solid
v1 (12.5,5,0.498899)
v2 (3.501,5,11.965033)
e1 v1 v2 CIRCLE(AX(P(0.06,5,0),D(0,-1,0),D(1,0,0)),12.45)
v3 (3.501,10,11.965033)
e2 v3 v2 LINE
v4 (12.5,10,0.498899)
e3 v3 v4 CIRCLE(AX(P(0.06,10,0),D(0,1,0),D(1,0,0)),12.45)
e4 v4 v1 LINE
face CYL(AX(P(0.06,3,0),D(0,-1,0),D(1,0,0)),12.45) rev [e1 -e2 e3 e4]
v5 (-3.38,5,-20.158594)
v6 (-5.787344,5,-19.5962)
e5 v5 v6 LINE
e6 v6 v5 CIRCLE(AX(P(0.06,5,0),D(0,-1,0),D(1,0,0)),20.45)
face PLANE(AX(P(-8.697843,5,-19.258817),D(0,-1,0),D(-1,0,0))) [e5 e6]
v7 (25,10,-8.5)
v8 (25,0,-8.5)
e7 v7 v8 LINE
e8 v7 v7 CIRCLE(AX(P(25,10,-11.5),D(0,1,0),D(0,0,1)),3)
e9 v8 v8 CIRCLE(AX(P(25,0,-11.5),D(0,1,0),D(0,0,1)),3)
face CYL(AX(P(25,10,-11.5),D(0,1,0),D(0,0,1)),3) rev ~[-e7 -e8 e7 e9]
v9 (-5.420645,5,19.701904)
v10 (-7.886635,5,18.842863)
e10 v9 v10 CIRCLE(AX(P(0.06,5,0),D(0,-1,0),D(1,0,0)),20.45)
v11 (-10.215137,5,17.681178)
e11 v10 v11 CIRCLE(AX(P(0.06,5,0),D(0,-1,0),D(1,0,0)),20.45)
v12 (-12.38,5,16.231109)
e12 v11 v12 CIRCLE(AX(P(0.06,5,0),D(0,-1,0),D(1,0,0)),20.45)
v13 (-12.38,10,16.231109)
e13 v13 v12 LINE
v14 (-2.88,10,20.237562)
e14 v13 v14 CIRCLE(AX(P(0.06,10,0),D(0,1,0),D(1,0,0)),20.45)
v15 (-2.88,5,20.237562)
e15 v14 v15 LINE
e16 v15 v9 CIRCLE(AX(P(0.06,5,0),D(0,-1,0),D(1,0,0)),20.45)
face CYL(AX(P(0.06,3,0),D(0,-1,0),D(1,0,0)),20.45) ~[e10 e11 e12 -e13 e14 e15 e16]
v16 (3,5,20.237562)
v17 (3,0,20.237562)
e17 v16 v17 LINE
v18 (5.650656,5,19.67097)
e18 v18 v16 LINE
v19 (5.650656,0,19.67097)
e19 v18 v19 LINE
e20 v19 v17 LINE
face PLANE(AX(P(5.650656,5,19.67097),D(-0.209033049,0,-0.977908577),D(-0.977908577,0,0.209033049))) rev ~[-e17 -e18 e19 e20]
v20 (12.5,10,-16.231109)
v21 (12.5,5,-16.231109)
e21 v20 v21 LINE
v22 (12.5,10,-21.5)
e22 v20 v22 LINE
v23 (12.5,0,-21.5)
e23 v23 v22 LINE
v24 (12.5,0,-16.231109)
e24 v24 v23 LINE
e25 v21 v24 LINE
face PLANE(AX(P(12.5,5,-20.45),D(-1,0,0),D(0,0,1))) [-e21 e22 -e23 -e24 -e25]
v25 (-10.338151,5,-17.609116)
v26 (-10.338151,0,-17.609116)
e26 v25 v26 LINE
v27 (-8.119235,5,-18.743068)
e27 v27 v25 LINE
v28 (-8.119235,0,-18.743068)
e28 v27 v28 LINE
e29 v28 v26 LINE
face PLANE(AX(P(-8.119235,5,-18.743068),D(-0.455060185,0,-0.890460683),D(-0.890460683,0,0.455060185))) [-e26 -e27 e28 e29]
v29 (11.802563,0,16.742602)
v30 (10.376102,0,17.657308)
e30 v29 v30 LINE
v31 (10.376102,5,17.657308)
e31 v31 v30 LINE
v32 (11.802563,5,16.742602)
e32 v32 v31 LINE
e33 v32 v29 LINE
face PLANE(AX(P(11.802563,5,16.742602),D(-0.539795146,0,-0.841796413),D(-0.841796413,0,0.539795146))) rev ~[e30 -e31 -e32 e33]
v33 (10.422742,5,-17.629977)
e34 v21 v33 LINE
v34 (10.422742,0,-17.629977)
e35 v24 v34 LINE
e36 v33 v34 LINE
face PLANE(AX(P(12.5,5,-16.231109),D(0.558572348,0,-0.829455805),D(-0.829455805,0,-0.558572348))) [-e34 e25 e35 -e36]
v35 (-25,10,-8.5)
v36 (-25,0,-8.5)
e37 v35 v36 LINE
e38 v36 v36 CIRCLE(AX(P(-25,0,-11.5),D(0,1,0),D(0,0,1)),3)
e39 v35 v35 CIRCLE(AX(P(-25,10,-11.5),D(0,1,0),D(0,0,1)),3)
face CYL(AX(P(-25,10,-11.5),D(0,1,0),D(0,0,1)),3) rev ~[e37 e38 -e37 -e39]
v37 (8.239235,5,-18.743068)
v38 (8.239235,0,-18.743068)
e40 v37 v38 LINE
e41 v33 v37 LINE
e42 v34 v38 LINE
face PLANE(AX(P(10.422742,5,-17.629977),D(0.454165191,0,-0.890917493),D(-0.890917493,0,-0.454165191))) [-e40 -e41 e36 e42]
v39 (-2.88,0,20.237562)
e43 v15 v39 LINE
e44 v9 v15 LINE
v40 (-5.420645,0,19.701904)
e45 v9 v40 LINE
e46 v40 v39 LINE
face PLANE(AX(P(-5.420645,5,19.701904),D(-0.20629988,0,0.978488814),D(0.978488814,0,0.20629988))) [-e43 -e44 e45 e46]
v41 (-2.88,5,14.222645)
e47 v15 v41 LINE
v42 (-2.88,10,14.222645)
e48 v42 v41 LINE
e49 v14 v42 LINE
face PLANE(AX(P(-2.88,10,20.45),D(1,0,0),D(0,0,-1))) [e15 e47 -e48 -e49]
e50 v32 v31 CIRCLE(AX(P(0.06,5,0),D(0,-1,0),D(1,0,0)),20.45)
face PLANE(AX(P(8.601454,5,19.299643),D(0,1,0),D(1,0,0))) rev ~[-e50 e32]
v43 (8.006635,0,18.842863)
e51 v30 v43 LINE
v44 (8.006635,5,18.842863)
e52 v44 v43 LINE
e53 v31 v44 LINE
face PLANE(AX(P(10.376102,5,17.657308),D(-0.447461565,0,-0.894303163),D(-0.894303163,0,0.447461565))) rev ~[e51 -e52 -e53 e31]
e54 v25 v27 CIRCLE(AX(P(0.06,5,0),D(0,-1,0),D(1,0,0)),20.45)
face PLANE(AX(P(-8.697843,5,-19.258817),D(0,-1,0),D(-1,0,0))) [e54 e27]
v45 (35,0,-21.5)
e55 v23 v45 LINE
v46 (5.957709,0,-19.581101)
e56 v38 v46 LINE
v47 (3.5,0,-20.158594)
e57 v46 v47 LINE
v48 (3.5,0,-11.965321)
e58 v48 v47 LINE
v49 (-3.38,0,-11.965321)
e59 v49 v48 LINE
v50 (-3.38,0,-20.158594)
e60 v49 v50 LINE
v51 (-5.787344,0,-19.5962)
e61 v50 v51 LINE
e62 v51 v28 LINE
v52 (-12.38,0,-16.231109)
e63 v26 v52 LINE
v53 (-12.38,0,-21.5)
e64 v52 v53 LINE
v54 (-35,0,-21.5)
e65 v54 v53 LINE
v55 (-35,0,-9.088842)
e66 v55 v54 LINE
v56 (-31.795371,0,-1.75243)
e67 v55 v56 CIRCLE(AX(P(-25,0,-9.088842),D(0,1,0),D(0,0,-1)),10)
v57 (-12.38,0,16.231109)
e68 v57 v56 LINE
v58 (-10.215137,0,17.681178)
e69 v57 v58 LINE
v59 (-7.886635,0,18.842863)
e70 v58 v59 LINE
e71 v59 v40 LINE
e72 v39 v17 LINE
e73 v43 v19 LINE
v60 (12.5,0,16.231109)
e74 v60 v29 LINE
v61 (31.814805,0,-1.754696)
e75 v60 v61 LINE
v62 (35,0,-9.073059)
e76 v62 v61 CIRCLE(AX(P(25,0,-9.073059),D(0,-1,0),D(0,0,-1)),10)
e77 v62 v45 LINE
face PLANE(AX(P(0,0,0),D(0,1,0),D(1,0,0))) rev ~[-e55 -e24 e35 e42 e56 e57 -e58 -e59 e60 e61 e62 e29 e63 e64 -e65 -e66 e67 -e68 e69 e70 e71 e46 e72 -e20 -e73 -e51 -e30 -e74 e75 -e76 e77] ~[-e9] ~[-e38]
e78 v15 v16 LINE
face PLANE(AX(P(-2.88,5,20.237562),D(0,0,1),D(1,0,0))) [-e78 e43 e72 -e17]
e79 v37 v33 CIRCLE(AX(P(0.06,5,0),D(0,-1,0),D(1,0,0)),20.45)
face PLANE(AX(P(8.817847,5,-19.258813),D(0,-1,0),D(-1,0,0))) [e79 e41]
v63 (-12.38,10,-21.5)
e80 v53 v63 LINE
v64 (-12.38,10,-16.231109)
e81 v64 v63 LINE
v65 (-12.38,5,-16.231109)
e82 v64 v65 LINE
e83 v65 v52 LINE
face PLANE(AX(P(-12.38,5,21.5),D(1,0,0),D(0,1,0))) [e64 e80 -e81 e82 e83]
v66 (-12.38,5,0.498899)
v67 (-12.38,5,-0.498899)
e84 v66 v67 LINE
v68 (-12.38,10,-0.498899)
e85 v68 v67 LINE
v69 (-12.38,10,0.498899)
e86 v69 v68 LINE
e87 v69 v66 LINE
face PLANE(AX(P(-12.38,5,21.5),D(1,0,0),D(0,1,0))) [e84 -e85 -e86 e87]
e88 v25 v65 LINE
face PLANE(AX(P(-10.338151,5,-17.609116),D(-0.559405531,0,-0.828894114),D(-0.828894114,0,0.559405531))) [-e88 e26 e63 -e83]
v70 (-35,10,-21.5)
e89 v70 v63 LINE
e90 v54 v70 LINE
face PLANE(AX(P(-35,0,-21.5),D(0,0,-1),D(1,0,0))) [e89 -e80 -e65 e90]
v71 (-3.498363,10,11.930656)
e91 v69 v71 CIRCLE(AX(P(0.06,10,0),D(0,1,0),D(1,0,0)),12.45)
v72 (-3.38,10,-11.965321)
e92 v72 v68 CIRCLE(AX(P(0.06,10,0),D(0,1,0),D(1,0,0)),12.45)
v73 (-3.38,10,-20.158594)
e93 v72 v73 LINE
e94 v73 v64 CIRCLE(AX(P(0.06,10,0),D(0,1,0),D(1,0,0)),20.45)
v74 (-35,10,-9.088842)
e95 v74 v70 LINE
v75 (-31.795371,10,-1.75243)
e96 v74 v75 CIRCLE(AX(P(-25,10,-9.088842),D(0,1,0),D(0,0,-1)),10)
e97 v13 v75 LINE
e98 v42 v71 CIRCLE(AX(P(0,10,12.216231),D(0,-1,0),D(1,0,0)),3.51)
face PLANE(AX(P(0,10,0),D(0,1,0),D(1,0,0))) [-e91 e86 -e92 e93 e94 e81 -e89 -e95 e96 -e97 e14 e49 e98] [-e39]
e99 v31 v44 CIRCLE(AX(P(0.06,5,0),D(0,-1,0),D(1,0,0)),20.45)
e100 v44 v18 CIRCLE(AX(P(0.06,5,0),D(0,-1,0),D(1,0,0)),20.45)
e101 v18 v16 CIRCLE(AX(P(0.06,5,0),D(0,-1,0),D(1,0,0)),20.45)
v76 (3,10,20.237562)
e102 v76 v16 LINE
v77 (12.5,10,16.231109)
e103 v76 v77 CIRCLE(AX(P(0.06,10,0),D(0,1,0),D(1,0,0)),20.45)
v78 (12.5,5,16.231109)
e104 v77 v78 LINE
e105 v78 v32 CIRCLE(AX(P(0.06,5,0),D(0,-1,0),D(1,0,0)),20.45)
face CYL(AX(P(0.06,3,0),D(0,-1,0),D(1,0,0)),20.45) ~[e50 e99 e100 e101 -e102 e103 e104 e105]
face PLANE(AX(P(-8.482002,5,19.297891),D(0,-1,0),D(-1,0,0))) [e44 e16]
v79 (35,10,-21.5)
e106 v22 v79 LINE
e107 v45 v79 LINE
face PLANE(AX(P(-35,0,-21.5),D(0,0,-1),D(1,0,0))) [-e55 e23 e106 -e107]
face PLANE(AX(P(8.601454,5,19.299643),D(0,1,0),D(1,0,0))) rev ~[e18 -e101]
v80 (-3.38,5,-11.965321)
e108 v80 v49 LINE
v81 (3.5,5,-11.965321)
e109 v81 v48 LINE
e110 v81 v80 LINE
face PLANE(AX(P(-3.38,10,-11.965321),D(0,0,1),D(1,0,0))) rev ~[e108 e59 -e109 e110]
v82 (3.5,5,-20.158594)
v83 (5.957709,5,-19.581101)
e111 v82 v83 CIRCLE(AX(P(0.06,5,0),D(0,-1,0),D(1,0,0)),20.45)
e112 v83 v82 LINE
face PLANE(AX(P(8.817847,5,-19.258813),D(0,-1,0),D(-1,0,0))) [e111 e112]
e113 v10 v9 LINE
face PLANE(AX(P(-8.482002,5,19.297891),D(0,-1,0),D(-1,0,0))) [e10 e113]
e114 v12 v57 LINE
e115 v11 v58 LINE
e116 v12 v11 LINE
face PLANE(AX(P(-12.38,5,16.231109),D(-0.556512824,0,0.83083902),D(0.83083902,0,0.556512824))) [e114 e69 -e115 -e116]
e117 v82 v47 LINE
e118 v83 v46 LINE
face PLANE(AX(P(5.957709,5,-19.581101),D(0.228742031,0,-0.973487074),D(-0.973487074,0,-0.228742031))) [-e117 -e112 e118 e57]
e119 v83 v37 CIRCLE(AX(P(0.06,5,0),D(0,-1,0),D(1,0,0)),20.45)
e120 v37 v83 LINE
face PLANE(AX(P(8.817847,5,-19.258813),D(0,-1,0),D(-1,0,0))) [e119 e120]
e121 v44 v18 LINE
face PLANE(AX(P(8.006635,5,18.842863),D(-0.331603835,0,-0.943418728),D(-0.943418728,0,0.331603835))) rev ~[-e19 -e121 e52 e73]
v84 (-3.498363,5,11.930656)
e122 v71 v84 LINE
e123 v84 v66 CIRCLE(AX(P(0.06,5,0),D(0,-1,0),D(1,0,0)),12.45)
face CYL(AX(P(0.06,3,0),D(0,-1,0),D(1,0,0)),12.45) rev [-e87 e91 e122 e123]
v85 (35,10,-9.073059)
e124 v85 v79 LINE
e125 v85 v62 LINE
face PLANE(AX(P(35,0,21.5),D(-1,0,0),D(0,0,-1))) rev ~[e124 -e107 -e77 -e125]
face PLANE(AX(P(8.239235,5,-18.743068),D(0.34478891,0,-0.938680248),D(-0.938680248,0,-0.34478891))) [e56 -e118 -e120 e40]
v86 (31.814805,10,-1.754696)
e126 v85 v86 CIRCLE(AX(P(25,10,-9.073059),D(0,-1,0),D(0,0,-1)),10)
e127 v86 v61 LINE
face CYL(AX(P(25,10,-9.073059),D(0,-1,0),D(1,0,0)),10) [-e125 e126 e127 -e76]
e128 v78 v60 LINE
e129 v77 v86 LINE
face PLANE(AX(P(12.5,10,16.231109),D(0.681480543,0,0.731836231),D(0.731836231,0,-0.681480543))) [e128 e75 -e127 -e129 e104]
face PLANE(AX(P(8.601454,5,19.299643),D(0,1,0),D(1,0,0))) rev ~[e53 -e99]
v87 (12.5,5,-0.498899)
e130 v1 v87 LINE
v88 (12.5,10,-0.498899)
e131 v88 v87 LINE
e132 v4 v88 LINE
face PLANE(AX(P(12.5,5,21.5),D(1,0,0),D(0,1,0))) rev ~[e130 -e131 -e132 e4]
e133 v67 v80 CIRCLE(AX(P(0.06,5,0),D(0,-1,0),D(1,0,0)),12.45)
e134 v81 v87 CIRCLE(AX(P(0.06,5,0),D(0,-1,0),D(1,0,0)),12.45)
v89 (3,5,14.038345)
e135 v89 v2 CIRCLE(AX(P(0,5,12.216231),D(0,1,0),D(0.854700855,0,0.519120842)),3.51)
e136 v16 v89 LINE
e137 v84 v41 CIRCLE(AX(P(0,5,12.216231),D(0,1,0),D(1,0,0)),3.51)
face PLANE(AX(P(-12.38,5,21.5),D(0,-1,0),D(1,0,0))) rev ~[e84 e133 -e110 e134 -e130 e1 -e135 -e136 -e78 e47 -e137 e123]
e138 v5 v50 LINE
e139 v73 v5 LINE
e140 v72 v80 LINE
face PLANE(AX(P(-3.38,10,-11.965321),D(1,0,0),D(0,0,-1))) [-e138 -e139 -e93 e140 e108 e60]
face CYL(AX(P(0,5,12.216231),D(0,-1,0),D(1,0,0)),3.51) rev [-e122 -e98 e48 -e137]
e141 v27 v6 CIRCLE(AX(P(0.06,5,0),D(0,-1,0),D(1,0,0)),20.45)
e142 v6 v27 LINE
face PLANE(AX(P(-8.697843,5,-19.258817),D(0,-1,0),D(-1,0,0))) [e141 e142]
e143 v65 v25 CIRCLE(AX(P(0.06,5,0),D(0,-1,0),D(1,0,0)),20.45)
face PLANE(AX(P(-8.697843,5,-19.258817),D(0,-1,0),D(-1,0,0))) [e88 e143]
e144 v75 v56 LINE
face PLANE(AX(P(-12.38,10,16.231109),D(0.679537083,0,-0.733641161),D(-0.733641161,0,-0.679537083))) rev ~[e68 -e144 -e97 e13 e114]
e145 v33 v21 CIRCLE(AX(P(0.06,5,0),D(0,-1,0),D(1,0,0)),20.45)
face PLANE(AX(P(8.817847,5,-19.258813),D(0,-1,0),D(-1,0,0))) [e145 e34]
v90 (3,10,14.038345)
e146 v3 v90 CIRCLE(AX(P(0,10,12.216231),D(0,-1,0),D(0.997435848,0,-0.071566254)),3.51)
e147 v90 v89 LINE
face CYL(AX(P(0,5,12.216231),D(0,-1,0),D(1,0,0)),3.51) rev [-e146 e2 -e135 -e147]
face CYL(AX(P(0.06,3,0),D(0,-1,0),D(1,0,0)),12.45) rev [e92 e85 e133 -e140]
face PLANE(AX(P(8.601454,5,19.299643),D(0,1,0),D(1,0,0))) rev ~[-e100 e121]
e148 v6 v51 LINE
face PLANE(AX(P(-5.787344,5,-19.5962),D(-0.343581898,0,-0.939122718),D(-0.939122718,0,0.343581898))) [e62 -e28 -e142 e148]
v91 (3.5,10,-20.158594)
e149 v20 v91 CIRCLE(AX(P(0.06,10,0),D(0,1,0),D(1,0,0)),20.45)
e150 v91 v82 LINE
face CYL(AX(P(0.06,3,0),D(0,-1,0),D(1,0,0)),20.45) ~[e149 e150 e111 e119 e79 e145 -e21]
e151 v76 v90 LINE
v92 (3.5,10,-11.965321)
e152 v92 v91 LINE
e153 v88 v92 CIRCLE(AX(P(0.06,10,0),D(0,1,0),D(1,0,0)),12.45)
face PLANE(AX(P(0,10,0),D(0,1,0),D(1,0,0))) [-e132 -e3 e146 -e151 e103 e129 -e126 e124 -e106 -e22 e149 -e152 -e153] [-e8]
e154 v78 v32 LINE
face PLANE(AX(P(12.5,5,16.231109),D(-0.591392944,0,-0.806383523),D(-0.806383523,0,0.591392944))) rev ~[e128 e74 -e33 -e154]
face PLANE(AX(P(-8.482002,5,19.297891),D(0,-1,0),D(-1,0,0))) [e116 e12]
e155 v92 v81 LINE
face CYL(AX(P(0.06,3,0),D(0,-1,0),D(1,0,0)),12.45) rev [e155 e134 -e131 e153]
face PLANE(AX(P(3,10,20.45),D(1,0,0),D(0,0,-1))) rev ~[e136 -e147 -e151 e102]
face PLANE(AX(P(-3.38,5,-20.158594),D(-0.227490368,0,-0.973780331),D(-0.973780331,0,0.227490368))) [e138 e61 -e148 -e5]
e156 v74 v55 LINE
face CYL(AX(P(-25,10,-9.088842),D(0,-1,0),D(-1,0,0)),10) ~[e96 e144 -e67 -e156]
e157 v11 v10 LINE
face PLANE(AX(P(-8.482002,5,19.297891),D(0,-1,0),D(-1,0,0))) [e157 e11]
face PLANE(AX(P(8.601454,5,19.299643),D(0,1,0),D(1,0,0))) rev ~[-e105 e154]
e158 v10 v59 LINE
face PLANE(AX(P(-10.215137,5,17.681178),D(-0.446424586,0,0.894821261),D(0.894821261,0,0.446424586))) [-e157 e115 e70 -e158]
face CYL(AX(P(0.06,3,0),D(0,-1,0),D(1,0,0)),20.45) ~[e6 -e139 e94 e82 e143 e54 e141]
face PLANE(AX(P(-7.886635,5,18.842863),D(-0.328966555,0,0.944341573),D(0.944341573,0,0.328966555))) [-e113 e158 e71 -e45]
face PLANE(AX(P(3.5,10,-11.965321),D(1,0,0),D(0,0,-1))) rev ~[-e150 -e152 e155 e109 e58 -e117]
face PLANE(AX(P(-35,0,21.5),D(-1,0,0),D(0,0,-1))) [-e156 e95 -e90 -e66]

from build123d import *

# Parameters (mm, degrees)
SKETCH_1_W             = 70
SKETCH_1_H             = 43
EXTRUDE_1_DEPTH        = 10
SKETCH_8_W             = 24.88
SKETCH_8_H             = 5
CUT_EXTRUDE_4_DEPTH    = 57.338264084
EXTRUDE_1_2_DEPTH      = 5
EXTRUDE_1_2_DEPTH_BACK = 2
SKETCH_11_R            = 20.45
SKETCH_11_R_2          = 12.45
CUT_EXTRUDE_6_DEPTH    = 5
CUT_EXTRUDE_7_DEPTH    = 5
SKETCH_16_W            = 5.88
SKETCH_16_H            = 11
CUT_EXTRUDE_8_DEPTH    = 5
SKETCH_17_W            = 5.88
SKETCH_17_H            = 8.352111755
CUT_EXTRUDE_9_DEPTH    = 5
CUT_EXTRUDE_10_DEPTH   = 5
CUT_EXTRUDE_11_DEPTH   = 5
SKETCH_21_R            = 3
CUT_EXTRUDE_12_DEPTH   = 43.275879648
SKETCH_22_R            = 3
CUT_EXTRUDE_13_DEPTH   = 43.275879648
SKETCH_24_R            = 3.51
CUT_EXTRUDE_15_DEPTH   = 7
SKETCH_27_W            = 5.88
SKETCH_27_H            = 8.139673367
CUT_EXTRUDE_16_DEPTH   = 7
SKETCH_31_W            = 6.88
SKETCH_31_H            = 8.484679277
CUT_EXTRUDE_21_DEPTH   = 14.5
CUT_EXTRUDE_22_DEPTH   = 42.379342672
CUT_EXTRUDE_23_DEPTH   = 42.379342672
CUT_EXTRUDE_24_DEPTH   = 42.379342672
CUT_EXTRUDE_25_DEPTH   = 14.5
CUT_EXTRUDE_26_DEPTH   = 14.5
CUT_EXTRUDE_27_DEPTH   = 14.5
FILLET_1_R             = 10


with BuildPart() as part:
    # 草圖1 → Extrude 1 (new body)
    with BuildSketch(Plane(origin=(0, 0, 0), x_dir=(1, 0, 0), z_dir=(0, 1, 0))):
        Rectangle(SKETCH_1_W, SKETCH_1_H)
    extrude(amount=EXTRUDE_1_DEPTH)

    # 草圖8 → 除料-伸長4 (cut, through all)
    with BuildSketch(Plane.XY.offset(21.5)):
        with Locations((0.06, 7.5)):
            Rectangle(SKETCH_8_W, SKETCH_8_H)
    extrude(amount=-CUT_EXTRUDE_4_DEPTH, mode=Mode.SUBTRACT)

    # 草圖11 → Extrude 1 2 (add, two sides: drawn at the far end of the back side and taken through both)
    with BuildSketch(Plane(origin=(0, 5, 0), x_dir=(1, 0, 0), z_dir=(0, 1, 0)).offset(-EXTRUDE_1_2_DEPTH_BACK)):
        with Locations((0.06, 0)):
            Circle(SKETCH_11_R)
        with Locations((0.06, 0)):
            Circle(SKETCH_11_R_2, mode=Mode.SUBTRACT)
    extrude(amount=EXTRUDE_1_2_DEPTH + EXTRUDE_1_2_DEPTH_BACK)

    # 草圖14 → 除料-伸長6 (cut)
    with BuildSketch(Plane(origin=(0, 5, 0), x_dir=(1, 0, 0), z_dir=(0, 1, 0))):
        Polygon((0.06, -20.45), (12.5, -20.45), (12.5, -21.5), (-12.38, -21.5), (-12.38, -20.45), align=None)
    extrude(amount=-CUT_EXTRUDE_6_DEPTH, mode=Mode.SUBTRACT)

    # 草圖15 → 除料-伸長7 (cut)
    with BuildSketch(Plane(origin=(0, 5, 0), x_dir=(1, 0, 0), z_dir=(0, 1, 0))):
        Polygon((0.06, 20.45), (12.5, 20.45), (12.5, 21.5), (-12.38, 21.5), (-12.38, 20.45), align=None)
    extrude(amount=-CUT_EXTRUDE_7_DEPTH, mode=Mode.SUBTRACT)

    # 草圖16 → 除料-伸長8 (cut)
    with BuildSketch(Plane(origin=(0, 10, 0), x_dir=(1, 0, 0), z_dir=(0, 1, 0))):
        with Locations((0.06, 17.597888245)):
            Rectangle(SKETCH_16_W, SKETCH_16_H)
    extrude(amount=-CUT_EXTRUDE_8_DEPTH, mode=Mode.SUBTRACT)

    # 草圖17 → 除料-伸長9 (cut)
    with BuildSketch(Plane(origin=(0, 10, 0), x_dir=(1, 0, 0), z_dir=(0, 1, 0))):
        with Locations((0.06, -16.273944123)):
            Rectangle(SKETCH_17_W, SKETCH_17_H)
    extrude(amount=-CUT_EXTRUDE_9_DEPTH, mode=Mode.SUBTRACT)

    # 草圖19 → 除料-伸長10 (cut)
    with BuildSketch(Plane(origin=(0, 5, 0), x_dir=(1, 0, 0), z_dir=(0, 1, 0))):
        Polygon((-2.88, 20.237561612), (-2.88, 20.45), (2.98755849, 20.45), (3, 20.237561612), align=None)
    extrude(amount=-CUT_EXTRUDE_10_DEPTH, mode=Mode.SUBTRACT)

    # 草圖20 → 除料-伸長11 (cut)
    with BuildSketch(Plane(origin=(0, 5, 0), x_dir=(1, 0, 0), z_dir=(0, 1, 0))):
        Polygon((3, -20.237561612), (3, -20.45), (-2.887827835, -20.45), (-2.88, -20.237561612), align=None)
    extrude(amount=-CUT_EXTRUDE_11_DEPTH, mode=Mode.SUBTRACT)

    # 草圖21 → 除料-伸長12 (cut, through all)
    with BuildSketch(Plane(origin=(0, 10, 0), x_dir=(1, 0, 0), z_dir=(0, 1, 0))):
        with Locations(Location((-25, 11.5, 0), (0, 0, 270))):
            Circle(SKETCH_21_R)
    extrude(amount=-CUT_EXTRUDE_12_DEPTH, mode=Mode.SUBTRACT)

    # 草圖22 → 除料-伸長13 (cut, through all)
    with BuildSketch(Plane(origin=(0, 10, 0), x_dir=(1, 0, 0), z_dir=(0, 1, 0))):
        with Locations(Location((25, 11.5, 0), (0, 0, 270))):
            Circle(SKETCH_22_R)
    extrude(amount=-CUT_EXTRUDE_13_DEPTH, mode=Mode.SUBTRACT)

    # 草圖24 → 除料-伸長15 (cut)
    with BuildSketch(Plane(origin=(0, 5, 0), x_dir=(1, 0, 0), z_dir=(0, 1, 0))):
        with Locations((0, -12.216230782)):
            Circle(SKETCH_24_R)
    extrude(amount=CUT_EXTRUDE_15_DEPTH, mode=Mode.SUBTRACT)

    # 草圖27 → 除料-伸長16 (cut)
    with BuildSketch(Plane(origin=(0, 5, 0), x_dir=(1, 0, 0), z_dir=(0, 1, 0))):
        with Locations((0.06, 16.167724929)):
            Rectangle(SKETCH_27_W, SKETCH_27_H)
    extrude(amount=-CUT_EXTRUDE_16_DEPTH, mode=Mode.SUBTRACT)

    # 草圖31 → 除料-伸長21 (cut)
    with BuildSketch(Plane(origin=(0, 10, 0), x_dir=(1, 0, 0), z_dir=(0, 1, 0))):
        with Locations((0.06, 16.207660362)):
            Rectangle(SKETCH_31_W, SKETCH_31_H)
    extrude(amount=-CUT_EXTRUDE_21_DEPTH, mode=Mode.SUBTRACT)

    # 草圖32 → 除料-伸長22 (cut, through all)
    with BuildSketch(Plane(origin=(0, 5, 0), x_dir=(1, 0, 0), z_dir=(0, 1, 0))):
        Polygon((12.5, 20.45), (12.5, 16.231109019), (10.42274151, 17.629976982), (8.239234926, 18.743068479), (5.957708545, 19.581101448), (3.5, 20.158593701), (3.5, 20.45), align=None)
    extrude(amount=-CUT_EXTRUDE_22_DEPTH, mode=Mode.SUBTRACT)

    # 草圖33 → 除料-伸長23 (cut, through all)
    with BuildSketch(Plane(origin=(0, 5, 0), x_dir=(1, 0, 0), z_dir=(0, 1, 0))):
        Polygon((-12.38, 16.231109019), (-12.38, 20.45), (-3.38, 20.45), (-3.38, 20.158593701), (-5.787343839, 19.596200398), (-8.119234926, 18.743068479), (-10.338150934, 17.609115741), align=None)
    extrude(amount=-CUT_EXTRUDE_23_DEPTH, mode=Mode.SUBTRACT)

    # 草圖34 → 除料-伸長24 (cut, through all)
    with BuildSketch(Plane(origin=(0, 5, 0), x_dir=(1, 0, 0), z_dir=(0, 1, 0))):
        Polygon((-12.38, -20.45), (-12.38, -16.231109019), (-10.215137429, -17.681177869), (-7.886635489, -18.842862957), (-5.420645085, -19.701904209), (-2.88, -20.237561612), (-2.887827835, -20.45), align=None)
    extrude(amount=-CUT_EXTRUDE_24_DEPTH, mode=Mode.SUBTRACT)

    # 草圖35 → 除料-伸長25 (cut)
    with BuildSketch(Plane(origin=(0, 5, 0), x_dir=(1, 0, 0), z_dir=(0, 1, 0))):
        Polygon((3, -20.237561612), (3, -20.45), (12.5, -20.45), (12.5, -16.231109019), (11.802562641, -16.742602026), (10.376101904, -17.657308444), (8.006635489, -18.842862957), (5.650656404, -19.670970006), align=None)
    extrude(amount=-CUT_EXTRUDE_25_DEPTH, mode=Mode.SUBTRACT)

    # 草圖37 → 除料-伸長26 (cut)
    with BuildSketch(Plane(origin=(0, 10, 0), x_dir=(1, 0, 0), z_dir=(0, 1, 0))):
        Polygon((-35, -21.5), (-12.38, -21.5), (-12.38, -16.231109019), (-35, 4.72072635), align=None)
    extrude(amount=-CUT_EXTRUDE_26_DEPTH, mode=Mode.SUBTRACT)

    # 草圖38 → 除料-伸長27 (cut)
    with BuildSketch(Plane(origin=(0, 10, 0), x_dir=(1, 0, 0), z_dir=(0, 1, 0))):
        Polygon((35, 4.72072635), (35, -21.5), (12.5, -21.5), (12.5, -16.231109019), align=None)
    extrude(amount=-CUT_EXTRUDE_27_DEPTH, mode=Mode.SUBTRACT)

    # 圓角1
    fillet_1_edges = [part.edges().sort_by_distance(p)[0] for p in [
        (-35, 5, -4.72072635),
        (35, 5, -4.72072635),
    ]]
    fillet(fillet_1_edges, radius=FILLET_1_R)


solid = part.part
